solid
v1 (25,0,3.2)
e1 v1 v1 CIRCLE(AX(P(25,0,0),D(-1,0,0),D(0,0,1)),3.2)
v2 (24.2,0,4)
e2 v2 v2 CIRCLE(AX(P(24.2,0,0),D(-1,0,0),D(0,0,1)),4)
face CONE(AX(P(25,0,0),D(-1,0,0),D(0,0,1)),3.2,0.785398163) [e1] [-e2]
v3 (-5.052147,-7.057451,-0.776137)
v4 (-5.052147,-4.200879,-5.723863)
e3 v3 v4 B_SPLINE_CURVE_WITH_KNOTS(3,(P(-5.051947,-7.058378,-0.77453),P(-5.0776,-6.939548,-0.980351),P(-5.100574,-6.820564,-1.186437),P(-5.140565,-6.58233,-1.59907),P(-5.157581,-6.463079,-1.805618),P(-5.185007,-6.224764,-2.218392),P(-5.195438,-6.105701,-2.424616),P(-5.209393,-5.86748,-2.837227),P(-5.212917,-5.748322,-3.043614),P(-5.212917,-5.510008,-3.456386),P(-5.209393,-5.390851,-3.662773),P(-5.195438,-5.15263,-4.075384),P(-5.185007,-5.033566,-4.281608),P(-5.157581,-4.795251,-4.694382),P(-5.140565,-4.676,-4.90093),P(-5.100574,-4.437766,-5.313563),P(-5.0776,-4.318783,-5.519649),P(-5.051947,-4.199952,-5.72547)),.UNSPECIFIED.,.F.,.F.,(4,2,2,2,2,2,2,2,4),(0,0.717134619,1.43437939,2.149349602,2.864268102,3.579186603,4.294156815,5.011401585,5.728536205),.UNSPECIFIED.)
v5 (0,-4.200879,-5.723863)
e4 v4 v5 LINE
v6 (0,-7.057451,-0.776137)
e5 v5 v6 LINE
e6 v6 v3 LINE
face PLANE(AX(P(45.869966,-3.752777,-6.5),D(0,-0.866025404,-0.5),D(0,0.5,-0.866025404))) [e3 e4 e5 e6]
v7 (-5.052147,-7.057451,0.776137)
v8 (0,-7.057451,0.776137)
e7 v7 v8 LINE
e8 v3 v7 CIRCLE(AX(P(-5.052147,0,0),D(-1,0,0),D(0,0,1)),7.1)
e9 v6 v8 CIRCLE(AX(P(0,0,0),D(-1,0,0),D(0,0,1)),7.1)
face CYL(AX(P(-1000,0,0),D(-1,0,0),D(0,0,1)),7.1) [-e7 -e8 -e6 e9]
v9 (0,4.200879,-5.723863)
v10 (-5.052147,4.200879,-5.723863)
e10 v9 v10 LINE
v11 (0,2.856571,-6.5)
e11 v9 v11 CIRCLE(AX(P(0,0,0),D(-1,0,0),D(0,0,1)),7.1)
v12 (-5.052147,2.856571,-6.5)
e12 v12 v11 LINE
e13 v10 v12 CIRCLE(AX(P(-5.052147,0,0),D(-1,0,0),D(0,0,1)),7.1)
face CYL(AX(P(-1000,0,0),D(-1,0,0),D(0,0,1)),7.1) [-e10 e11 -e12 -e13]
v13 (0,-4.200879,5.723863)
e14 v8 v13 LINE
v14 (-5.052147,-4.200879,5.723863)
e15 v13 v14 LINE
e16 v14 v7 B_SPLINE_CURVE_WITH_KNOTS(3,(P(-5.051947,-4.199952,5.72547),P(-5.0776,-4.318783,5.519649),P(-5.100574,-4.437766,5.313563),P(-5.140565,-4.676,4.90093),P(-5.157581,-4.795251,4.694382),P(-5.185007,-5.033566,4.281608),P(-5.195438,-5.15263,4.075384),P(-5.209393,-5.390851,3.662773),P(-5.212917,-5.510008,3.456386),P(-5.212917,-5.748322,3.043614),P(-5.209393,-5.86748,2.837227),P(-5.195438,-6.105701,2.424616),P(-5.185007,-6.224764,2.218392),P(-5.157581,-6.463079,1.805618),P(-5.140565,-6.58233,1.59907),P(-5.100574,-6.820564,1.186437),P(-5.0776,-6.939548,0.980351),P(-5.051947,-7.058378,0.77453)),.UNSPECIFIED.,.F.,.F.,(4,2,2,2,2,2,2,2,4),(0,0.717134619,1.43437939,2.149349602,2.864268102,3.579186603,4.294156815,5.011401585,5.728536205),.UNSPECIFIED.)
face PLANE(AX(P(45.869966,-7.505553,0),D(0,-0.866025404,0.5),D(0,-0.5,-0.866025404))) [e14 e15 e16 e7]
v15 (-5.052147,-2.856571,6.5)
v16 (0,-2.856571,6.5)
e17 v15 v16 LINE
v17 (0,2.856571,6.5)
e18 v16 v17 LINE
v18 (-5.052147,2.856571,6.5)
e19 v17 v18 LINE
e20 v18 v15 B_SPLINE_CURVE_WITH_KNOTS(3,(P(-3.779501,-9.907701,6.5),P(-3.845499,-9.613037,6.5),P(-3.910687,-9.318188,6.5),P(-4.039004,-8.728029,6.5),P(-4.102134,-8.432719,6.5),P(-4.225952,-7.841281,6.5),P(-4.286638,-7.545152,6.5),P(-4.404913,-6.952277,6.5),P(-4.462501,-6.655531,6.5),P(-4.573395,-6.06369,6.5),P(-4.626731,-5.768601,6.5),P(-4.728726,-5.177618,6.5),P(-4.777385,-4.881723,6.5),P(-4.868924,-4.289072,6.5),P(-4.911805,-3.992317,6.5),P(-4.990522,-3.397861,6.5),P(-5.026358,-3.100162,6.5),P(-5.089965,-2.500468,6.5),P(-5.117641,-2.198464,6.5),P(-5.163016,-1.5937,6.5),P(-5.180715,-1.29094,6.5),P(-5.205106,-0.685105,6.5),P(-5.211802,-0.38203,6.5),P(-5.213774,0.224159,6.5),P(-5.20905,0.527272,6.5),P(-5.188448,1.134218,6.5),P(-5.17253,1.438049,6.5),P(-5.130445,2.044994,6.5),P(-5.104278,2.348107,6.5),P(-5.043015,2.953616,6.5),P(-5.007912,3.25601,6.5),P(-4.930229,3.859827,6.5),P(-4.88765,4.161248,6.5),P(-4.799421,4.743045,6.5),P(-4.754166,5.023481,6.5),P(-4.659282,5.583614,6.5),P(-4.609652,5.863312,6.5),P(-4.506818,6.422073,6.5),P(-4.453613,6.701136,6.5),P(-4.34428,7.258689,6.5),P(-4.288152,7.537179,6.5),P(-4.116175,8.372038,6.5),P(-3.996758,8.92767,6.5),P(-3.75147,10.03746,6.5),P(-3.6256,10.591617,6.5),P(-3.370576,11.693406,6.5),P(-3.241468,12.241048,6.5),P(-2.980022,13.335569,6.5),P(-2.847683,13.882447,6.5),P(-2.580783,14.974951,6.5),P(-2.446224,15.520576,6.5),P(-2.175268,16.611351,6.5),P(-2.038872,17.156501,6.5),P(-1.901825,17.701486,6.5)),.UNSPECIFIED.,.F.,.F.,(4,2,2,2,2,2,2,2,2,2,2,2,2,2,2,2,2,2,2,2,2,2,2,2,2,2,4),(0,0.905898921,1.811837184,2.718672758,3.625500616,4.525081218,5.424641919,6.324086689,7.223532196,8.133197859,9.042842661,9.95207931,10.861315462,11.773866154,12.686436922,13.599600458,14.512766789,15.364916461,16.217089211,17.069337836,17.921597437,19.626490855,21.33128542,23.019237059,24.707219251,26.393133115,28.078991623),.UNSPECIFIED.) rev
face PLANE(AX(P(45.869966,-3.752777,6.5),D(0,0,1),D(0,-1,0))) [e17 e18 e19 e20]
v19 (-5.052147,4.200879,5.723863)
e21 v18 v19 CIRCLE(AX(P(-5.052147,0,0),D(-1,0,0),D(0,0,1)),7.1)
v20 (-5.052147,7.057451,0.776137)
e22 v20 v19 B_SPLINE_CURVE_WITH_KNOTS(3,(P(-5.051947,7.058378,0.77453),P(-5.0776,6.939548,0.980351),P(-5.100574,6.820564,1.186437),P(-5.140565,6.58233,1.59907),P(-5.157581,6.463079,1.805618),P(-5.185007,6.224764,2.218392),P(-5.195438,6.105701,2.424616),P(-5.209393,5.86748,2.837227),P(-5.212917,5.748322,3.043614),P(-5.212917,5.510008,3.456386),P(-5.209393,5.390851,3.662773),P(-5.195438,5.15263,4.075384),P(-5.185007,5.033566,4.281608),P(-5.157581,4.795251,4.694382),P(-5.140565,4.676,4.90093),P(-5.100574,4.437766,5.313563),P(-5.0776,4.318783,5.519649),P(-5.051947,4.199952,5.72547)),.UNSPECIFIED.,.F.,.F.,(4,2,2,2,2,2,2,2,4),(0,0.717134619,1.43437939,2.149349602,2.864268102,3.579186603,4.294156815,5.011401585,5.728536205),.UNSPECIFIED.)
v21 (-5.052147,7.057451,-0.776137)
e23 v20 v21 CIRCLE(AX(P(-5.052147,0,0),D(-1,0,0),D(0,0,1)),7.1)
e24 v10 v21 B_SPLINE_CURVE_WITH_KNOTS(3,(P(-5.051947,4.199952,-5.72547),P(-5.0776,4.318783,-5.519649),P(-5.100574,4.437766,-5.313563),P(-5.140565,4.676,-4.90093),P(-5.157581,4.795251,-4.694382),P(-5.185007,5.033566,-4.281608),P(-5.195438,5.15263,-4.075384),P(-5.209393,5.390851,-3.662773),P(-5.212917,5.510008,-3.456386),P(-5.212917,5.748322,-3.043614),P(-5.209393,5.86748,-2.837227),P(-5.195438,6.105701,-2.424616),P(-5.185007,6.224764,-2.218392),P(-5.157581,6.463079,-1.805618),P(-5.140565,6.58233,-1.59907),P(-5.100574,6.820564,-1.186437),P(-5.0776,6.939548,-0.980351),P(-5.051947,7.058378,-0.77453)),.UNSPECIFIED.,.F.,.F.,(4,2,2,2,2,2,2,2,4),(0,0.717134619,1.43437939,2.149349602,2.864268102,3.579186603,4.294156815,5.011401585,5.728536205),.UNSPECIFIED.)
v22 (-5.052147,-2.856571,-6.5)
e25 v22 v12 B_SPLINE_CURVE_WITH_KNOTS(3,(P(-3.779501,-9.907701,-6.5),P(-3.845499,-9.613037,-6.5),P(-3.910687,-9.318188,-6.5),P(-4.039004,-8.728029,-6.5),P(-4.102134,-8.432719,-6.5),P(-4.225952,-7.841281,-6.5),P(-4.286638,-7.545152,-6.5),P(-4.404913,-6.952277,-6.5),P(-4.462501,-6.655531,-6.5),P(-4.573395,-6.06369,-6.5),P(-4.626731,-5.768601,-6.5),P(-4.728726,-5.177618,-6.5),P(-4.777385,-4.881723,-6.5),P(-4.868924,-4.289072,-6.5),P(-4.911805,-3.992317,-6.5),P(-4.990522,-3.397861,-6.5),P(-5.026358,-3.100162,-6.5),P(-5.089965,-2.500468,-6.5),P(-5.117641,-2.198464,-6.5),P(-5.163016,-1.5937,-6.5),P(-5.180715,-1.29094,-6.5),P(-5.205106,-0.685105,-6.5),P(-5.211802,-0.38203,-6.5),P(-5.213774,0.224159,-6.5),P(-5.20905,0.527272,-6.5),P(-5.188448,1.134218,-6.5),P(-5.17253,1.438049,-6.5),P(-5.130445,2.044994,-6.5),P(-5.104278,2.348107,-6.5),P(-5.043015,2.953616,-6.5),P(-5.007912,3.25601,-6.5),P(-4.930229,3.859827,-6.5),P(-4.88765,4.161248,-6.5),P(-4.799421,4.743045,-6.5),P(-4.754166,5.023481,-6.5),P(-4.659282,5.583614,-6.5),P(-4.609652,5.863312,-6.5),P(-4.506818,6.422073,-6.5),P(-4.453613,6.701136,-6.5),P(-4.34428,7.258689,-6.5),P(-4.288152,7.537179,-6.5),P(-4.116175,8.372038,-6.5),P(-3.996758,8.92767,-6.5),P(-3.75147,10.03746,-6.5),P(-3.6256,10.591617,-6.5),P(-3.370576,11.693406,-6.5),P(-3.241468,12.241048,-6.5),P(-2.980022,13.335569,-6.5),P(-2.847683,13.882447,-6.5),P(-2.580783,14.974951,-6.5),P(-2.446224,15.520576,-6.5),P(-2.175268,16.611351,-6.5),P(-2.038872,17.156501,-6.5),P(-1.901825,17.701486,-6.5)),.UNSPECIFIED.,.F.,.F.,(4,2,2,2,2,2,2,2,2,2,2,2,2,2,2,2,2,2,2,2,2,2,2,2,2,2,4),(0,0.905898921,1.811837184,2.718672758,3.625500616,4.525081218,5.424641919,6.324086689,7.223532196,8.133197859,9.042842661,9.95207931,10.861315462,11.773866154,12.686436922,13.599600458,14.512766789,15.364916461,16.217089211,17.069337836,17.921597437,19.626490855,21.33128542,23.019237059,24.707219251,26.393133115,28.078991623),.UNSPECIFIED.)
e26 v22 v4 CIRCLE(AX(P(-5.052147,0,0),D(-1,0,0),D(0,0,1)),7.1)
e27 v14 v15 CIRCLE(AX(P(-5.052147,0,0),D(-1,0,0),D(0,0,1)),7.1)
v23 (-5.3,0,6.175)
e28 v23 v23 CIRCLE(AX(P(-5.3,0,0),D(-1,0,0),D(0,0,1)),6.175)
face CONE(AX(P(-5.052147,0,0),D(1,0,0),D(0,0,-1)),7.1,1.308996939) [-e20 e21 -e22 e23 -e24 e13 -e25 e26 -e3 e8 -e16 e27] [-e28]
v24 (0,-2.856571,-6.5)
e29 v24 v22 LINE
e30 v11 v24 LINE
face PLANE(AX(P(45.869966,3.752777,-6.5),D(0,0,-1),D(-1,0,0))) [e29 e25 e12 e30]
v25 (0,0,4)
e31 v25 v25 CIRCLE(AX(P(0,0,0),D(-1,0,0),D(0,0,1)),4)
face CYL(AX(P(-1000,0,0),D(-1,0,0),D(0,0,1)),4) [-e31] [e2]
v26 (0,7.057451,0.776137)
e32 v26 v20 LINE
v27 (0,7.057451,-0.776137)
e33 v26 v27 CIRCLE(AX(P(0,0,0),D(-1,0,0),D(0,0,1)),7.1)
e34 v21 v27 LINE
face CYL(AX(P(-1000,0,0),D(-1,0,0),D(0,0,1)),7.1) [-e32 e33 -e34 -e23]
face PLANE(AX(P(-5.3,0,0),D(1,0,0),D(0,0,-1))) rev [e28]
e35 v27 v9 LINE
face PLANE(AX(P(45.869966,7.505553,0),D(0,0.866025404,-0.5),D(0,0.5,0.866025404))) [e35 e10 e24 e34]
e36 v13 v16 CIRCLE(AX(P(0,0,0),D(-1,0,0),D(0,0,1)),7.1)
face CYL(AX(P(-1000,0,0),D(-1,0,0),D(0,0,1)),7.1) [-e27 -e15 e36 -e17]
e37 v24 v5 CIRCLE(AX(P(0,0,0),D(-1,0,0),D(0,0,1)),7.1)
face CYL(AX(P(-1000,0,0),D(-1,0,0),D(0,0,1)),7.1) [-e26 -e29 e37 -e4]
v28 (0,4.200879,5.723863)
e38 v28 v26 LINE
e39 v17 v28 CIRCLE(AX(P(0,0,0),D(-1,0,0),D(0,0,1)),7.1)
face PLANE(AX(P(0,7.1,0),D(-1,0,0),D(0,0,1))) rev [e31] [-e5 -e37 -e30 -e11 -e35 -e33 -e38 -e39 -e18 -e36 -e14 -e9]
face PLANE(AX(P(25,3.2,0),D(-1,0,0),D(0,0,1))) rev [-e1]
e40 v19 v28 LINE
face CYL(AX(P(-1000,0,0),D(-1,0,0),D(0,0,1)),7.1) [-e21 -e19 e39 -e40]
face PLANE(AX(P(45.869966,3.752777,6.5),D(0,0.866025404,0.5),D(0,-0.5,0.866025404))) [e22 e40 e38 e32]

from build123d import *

# Parameters (mm, degrees)
SKETCH_2_OUTSIDE_W  = 23.47
SKETCH_2_OUTSIDE_H  = 23.47
CUT_EXTRUDE_1_DEPTH = 30.3


with BuildPart() as part:
    # Эскиз1 → Повернуть1 (revolve)
    with BuildSketch(Plane.XY):
        Polygon((-5.3, 0), (-5.3, 6.175), (-5.052146997, 7.1), (0, 7.1), (0, 4), (24.2, 4), (25, 3.2), (25, 0), align=None)
    revolve(axis=Axis((-1000, 0, 0), (1, 0, 0)))

    # Эскиз2 outside → Вырез-Вытянуть1 (cut)
    with BuildSketch(Plane.ZY.offset(5.3)):
        Rectangle(SKETCH_2_OUTSIDE_W, SKETCH_2_OUTSIDE_H)
        Polygon((0, 7.505553499), (-6.5, 3.75277675), (-6.5, -3.75277675), (0, -7.505553499), (6.5, -3.75277675), (6.5, 3.75277675), align=None, mode=Mode.SUBTRACT)
    extrude(amount=-CUT_EXTRUDE_1_DEPTH, mode=Mode.SUBTRACT)


solid = part.part
